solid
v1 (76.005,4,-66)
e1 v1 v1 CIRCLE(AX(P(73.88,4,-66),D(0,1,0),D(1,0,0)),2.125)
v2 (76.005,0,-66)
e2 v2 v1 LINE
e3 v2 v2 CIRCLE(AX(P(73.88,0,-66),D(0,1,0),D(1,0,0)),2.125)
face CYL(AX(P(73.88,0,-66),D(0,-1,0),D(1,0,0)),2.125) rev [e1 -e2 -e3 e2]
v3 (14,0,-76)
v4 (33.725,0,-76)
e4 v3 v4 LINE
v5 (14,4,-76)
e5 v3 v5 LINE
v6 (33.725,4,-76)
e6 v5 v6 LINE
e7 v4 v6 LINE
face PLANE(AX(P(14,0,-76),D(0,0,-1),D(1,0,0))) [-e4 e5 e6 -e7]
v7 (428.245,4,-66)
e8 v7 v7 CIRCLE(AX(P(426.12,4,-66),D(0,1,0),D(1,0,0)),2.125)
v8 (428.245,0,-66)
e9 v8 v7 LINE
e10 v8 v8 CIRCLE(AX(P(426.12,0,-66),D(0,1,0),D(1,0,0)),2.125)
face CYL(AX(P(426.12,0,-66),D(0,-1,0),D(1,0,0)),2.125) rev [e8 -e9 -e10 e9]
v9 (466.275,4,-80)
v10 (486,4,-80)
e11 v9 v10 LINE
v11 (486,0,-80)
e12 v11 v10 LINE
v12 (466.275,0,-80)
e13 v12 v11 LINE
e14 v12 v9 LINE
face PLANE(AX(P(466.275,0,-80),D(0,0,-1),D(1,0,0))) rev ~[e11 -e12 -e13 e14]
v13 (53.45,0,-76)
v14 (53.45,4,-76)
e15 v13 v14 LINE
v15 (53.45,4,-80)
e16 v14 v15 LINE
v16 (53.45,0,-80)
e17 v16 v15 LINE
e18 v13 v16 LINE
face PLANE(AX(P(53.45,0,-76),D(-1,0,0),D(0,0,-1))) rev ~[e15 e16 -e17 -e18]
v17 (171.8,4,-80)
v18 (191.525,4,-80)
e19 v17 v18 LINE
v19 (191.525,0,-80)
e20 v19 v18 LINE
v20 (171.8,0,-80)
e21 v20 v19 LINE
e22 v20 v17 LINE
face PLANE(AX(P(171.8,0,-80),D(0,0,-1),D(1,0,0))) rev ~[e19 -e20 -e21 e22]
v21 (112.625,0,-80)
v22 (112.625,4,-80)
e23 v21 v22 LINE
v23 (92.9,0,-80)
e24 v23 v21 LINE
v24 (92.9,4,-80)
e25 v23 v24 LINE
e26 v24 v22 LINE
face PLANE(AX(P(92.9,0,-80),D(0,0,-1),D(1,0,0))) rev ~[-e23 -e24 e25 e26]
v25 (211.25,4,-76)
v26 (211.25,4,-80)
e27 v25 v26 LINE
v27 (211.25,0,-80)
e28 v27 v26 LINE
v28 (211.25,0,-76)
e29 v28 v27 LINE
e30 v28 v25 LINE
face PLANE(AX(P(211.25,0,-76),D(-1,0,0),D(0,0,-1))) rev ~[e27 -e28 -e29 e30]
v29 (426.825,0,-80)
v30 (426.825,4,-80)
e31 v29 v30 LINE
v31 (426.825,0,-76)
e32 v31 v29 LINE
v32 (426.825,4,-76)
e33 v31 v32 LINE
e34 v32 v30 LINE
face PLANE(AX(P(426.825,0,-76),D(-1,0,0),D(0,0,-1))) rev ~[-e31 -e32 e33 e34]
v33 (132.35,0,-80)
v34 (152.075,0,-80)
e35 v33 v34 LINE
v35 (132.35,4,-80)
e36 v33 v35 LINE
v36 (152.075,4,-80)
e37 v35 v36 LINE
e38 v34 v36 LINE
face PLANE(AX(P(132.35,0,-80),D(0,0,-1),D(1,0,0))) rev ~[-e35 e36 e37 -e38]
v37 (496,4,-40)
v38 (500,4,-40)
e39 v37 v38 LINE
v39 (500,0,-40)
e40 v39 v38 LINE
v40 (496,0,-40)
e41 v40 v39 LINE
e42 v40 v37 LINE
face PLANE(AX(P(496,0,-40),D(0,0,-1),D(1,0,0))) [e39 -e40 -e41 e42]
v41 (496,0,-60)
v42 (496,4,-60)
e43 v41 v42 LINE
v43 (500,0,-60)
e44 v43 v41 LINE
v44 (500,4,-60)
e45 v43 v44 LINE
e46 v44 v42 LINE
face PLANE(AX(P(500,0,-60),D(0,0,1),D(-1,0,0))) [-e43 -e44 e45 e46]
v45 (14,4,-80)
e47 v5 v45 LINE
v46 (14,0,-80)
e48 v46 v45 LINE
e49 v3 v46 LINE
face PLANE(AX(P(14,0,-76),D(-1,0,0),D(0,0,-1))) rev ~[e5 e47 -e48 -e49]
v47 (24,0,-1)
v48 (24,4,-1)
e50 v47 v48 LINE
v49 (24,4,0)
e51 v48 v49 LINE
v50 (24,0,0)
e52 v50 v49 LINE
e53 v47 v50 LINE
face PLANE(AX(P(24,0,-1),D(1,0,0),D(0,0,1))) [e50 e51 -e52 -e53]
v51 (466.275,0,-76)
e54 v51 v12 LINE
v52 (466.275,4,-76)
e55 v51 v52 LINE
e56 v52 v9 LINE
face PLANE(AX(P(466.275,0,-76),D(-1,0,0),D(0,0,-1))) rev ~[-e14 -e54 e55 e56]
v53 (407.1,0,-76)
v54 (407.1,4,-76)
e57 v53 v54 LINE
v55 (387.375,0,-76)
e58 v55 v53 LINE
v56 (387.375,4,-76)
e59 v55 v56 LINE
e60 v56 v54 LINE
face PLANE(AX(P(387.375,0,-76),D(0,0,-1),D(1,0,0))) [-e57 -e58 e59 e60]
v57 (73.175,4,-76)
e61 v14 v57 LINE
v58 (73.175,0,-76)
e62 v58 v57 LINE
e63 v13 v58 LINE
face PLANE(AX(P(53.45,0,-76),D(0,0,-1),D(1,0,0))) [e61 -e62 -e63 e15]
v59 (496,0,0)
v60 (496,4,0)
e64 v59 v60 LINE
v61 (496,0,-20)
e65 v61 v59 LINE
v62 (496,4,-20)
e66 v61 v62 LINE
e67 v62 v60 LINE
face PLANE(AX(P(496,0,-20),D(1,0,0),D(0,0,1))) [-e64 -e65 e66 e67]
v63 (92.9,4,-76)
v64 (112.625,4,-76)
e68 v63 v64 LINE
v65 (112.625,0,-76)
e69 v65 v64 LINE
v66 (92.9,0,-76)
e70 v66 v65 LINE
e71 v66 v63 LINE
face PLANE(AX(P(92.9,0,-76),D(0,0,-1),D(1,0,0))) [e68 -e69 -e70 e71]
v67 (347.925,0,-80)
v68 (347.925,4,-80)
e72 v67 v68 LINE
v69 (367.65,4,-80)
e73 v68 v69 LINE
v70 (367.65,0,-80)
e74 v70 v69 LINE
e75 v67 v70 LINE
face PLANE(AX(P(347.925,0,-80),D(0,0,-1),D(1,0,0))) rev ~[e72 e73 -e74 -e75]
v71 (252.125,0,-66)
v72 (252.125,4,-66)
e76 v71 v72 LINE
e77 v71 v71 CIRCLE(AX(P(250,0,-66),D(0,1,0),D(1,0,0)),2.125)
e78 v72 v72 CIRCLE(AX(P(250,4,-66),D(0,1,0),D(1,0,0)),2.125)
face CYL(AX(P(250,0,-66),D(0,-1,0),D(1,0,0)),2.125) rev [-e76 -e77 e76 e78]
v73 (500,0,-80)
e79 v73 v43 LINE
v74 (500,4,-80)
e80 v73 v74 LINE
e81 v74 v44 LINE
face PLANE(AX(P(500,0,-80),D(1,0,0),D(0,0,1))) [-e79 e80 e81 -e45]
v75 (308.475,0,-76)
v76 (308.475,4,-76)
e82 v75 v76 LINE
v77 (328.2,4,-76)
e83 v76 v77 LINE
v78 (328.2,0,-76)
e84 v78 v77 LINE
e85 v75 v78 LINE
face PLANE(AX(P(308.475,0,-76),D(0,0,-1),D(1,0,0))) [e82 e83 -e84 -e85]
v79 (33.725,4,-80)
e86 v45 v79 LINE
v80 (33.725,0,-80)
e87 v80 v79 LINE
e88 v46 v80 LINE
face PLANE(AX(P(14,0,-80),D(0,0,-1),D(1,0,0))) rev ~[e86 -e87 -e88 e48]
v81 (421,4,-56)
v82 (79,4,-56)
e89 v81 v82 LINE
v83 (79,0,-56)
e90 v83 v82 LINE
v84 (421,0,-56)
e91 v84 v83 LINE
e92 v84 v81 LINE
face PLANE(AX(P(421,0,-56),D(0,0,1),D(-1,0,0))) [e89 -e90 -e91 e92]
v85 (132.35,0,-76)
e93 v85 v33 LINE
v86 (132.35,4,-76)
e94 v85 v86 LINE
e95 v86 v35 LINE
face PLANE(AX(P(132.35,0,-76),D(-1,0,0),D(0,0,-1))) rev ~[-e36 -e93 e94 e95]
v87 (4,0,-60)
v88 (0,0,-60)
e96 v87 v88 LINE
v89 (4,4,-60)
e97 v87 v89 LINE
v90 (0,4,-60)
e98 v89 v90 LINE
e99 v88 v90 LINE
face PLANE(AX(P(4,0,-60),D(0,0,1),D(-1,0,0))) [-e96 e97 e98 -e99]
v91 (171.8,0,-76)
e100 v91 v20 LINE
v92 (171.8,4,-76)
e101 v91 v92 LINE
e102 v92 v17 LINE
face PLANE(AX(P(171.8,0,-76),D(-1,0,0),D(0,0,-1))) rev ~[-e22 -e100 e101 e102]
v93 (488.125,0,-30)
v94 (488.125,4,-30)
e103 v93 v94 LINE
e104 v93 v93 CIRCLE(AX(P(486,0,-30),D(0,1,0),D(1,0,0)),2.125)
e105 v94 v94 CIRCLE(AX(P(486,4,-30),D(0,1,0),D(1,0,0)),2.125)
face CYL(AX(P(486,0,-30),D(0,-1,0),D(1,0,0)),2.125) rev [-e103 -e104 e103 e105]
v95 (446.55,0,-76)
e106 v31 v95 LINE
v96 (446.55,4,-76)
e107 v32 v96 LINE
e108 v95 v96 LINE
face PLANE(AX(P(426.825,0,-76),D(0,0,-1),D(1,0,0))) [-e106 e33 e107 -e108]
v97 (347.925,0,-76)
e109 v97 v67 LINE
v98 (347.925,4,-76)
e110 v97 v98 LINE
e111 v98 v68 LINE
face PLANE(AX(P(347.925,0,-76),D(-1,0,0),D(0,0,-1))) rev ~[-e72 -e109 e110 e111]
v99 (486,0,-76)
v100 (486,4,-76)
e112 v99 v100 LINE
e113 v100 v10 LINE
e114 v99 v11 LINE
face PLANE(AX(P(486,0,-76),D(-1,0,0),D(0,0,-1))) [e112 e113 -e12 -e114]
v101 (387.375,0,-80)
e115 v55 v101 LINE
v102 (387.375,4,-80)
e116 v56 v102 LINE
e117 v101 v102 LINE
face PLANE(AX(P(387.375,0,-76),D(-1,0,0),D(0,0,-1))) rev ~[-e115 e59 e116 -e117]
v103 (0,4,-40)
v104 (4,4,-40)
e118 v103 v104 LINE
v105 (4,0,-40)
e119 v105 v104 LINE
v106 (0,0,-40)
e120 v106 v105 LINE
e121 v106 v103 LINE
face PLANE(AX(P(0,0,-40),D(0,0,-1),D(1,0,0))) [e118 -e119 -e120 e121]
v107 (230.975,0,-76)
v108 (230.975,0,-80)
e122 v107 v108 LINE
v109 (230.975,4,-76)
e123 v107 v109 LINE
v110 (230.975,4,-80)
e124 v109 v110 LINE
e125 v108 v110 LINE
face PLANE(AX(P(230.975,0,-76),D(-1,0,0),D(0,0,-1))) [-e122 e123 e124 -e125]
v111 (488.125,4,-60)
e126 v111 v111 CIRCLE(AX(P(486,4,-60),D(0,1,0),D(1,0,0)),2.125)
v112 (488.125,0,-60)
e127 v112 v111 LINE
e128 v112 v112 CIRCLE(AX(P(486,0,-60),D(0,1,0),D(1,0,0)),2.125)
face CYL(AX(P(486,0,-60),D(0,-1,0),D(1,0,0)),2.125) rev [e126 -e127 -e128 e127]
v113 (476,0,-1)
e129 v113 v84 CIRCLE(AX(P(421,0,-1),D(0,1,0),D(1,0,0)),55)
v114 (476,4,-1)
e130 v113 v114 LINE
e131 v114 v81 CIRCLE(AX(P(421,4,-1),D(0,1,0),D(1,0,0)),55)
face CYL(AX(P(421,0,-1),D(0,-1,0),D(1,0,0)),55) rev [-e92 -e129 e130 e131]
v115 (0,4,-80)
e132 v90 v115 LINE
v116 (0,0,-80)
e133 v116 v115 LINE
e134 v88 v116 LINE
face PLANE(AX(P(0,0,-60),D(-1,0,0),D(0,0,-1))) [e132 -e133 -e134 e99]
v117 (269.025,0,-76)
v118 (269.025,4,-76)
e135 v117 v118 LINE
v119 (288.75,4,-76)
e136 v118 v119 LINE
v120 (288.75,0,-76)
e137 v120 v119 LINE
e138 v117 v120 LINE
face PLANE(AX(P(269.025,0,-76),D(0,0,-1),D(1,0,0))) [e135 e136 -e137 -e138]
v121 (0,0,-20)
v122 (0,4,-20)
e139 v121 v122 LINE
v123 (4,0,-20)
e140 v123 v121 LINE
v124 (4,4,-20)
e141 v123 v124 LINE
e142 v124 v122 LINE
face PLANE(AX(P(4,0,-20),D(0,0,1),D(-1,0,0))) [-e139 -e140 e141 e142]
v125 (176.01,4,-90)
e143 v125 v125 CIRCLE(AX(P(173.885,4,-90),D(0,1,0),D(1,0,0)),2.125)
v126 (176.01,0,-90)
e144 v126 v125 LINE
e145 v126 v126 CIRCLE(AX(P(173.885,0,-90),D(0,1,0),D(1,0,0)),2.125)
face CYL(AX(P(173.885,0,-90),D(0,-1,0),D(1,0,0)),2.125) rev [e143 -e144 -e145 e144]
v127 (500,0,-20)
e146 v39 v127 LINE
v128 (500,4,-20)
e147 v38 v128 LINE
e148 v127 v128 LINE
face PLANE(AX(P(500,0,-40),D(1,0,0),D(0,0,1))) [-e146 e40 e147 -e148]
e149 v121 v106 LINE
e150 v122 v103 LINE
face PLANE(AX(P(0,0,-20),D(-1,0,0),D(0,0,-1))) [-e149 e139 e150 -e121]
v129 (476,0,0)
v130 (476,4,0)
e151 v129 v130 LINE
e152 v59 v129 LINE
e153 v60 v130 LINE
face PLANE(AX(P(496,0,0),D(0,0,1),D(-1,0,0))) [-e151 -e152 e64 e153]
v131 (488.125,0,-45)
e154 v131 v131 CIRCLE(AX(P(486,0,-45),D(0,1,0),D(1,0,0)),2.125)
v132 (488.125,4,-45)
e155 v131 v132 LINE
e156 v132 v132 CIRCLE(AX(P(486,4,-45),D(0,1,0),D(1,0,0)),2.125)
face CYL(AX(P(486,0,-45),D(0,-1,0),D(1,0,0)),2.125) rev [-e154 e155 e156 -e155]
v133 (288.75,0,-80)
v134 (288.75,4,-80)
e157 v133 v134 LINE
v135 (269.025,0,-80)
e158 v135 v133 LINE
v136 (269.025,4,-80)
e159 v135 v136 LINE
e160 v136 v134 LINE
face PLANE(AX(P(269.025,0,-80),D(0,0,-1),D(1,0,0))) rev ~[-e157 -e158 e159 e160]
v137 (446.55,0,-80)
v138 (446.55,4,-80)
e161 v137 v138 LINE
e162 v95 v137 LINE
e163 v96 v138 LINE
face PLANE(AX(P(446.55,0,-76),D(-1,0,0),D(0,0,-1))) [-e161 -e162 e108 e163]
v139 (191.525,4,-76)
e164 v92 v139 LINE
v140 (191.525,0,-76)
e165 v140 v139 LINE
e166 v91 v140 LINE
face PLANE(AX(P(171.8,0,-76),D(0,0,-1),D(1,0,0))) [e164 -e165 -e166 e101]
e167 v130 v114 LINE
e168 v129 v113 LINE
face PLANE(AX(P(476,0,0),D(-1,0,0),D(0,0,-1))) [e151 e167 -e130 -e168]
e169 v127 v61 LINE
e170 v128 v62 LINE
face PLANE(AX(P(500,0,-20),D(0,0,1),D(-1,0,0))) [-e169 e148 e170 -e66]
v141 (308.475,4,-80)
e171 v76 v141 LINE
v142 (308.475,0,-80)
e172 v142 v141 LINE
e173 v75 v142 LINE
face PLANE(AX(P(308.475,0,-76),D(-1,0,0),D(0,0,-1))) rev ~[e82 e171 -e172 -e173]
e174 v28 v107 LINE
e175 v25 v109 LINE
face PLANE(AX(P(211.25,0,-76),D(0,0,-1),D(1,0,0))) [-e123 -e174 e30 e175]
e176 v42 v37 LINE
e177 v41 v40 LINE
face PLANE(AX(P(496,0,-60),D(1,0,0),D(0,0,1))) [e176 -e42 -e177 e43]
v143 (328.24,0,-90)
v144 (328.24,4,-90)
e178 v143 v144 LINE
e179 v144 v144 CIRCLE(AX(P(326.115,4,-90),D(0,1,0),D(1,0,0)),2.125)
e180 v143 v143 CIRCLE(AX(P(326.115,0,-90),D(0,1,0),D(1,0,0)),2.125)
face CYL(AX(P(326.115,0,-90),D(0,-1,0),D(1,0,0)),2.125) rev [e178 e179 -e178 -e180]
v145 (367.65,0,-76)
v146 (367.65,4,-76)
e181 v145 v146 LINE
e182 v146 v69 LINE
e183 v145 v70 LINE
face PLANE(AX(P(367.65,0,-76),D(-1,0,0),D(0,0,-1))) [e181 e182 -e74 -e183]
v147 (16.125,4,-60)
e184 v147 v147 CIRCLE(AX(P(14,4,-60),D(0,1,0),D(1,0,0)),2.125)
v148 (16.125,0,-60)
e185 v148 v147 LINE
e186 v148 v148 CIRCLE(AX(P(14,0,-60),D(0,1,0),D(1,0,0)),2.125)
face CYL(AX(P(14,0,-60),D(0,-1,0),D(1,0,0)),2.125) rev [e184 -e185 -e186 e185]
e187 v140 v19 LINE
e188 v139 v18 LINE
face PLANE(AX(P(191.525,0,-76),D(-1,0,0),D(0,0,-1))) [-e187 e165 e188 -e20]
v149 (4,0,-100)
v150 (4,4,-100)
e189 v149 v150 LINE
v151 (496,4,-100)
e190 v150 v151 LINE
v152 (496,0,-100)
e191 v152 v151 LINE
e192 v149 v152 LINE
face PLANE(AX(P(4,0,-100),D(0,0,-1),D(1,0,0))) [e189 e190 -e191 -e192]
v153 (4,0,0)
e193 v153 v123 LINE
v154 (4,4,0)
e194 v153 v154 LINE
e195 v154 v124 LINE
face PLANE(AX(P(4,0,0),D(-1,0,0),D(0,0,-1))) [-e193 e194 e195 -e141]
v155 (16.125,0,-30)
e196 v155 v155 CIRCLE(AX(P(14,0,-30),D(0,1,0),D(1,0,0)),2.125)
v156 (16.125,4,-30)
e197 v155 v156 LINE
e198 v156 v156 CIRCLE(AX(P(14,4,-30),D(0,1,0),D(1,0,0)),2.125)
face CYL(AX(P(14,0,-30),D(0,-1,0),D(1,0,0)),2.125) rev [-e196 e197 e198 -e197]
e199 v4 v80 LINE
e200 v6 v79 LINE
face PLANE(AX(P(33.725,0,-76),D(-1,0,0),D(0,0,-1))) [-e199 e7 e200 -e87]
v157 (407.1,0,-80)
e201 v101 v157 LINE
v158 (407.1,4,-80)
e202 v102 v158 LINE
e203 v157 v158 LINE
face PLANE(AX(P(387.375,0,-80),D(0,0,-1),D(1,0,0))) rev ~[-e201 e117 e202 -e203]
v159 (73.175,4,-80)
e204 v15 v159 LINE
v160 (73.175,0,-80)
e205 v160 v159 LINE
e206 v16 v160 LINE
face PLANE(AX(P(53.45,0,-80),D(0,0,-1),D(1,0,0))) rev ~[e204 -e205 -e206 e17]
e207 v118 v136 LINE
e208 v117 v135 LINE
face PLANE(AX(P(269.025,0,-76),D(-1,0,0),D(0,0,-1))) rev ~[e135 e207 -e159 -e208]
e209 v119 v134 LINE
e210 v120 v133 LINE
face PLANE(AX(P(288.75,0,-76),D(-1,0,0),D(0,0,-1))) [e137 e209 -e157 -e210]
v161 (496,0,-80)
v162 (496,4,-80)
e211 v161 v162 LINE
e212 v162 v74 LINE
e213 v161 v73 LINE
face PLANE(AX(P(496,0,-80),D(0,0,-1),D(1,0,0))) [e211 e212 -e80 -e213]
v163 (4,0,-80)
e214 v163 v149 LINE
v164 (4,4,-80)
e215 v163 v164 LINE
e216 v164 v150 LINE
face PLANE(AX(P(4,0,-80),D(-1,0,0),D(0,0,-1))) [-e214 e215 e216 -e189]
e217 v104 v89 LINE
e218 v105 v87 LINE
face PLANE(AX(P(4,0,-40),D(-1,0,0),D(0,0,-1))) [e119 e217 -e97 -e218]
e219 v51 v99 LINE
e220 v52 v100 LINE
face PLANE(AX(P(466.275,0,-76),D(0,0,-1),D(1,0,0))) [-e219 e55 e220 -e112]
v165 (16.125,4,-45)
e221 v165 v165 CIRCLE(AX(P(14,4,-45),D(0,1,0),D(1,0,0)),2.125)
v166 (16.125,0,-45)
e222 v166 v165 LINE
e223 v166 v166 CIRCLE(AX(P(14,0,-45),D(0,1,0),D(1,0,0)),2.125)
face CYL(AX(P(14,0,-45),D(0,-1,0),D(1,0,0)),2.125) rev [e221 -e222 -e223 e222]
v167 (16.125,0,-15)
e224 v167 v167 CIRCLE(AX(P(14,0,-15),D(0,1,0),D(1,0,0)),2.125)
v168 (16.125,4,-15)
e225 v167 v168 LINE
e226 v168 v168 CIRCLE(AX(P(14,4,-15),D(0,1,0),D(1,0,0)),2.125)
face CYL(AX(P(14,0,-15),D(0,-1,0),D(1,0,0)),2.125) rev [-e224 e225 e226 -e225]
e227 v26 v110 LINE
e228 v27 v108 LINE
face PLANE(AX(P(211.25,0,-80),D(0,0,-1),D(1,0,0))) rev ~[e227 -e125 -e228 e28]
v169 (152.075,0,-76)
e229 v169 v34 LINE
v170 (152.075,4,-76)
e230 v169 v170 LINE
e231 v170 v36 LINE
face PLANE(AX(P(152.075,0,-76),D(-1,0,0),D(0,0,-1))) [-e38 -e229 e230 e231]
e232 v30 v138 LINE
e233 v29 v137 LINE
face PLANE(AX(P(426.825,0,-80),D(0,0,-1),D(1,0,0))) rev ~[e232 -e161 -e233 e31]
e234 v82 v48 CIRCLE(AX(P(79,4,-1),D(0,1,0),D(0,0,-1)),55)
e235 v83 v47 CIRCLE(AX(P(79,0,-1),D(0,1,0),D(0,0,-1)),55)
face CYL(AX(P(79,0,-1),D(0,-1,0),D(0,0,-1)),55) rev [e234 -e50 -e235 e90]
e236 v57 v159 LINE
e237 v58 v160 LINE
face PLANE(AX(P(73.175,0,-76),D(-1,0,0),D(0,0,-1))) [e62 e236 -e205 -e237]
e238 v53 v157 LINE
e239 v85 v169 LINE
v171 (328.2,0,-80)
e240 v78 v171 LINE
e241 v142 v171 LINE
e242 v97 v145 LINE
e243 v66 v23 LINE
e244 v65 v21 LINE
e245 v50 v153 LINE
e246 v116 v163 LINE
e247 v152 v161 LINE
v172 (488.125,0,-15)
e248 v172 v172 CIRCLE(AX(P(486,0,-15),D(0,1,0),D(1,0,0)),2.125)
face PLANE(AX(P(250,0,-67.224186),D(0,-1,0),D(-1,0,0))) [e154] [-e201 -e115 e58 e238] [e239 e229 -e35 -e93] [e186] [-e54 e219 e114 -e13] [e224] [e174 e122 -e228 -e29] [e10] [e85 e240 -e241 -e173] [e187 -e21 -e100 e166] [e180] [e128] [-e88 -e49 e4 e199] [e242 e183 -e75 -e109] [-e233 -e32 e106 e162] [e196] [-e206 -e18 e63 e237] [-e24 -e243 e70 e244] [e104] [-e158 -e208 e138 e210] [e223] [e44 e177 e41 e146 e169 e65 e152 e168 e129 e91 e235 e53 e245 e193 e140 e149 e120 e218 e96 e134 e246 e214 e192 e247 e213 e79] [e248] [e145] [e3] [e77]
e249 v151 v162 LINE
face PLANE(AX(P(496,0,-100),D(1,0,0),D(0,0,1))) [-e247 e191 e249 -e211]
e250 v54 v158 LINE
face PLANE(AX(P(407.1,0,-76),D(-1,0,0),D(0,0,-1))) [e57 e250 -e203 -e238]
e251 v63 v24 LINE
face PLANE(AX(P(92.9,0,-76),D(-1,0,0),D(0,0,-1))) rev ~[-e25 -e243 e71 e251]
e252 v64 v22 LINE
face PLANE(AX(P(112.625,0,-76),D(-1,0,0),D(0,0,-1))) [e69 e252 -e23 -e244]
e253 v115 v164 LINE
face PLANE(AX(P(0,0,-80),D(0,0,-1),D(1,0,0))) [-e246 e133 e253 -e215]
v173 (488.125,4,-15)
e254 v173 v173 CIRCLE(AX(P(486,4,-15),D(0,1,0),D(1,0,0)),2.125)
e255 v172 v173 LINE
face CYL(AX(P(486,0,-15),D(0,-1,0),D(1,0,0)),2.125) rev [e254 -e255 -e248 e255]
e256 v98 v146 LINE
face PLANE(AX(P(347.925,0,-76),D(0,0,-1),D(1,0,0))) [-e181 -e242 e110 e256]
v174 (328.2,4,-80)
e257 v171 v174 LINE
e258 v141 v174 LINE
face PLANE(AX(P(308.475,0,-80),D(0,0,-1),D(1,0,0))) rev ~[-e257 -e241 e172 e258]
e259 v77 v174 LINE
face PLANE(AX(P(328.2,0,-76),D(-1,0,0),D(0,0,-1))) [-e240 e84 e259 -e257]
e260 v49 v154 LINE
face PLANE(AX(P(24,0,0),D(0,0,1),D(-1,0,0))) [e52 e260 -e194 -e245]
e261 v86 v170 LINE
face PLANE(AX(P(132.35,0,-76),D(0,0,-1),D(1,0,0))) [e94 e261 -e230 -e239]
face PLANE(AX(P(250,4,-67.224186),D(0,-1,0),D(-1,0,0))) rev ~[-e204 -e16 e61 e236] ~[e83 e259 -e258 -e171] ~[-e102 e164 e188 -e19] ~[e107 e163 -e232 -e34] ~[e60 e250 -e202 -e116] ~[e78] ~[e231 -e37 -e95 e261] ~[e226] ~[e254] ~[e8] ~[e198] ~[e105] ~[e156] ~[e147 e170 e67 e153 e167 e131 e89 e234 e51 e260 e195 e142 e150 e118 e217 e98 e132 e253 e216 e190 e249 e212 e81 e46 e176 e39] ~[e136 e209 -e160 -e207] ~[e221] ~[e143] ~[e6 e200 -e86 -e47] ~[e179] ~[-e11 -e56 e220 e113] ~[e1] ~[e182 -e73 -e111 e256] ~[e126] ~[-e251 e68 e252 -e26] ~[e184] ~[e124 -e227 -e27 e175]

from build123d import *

# Parameters (mm, degrees)
SKETCH1_R           = 2.125
SKETCH1_W           = 19.725
SKETCH1_H           = 4
BOSS_EXTRUDE1_DEPTH = 4


with BuildPart() as part:
    # Sketch1 → Boss-Extrude1 (new body)
    with BuildSketch(Plane(origin=(0, 0, 0), x_dir=(1, 0, 0), z_dir=(0, 1, 0))):
        with BuildLine():
            Line((4, 0), (4, 20))
            Line((4, 20), (0, 20))
            Line((0, 20), (0, 40))
            Line((0, 40), (4, 40))
            Line((4, 40), (4, 60))
            Line((4, 60), (0, 60))
            Line((0, 60), (0, 80))
            Line((0, 80), (4, 80))
            Line((4, 80), (4, 100))
            Line((4, 100), (250, 100))
            Line((250, 100), (496, 100))
            Line((496, 100), (496, 80))
            Line((496, 80), (500, 80))
            Line((500, 80), (500, 60))
            Line((500, 60), (496, 60))
            Line((496, 60), (496, 40))
            Line((496, 40), (500, 40))
            Line((500, 40), (500, 20))
            Line((500, 20), (496, 20))
            Line((496, 20), (496, 0))
            Line((496, 0), (476, 0))
            Line((476, 0), (476, 1))
            ThreePointArc((476, 1), (459.890872965, 39.890872965), (421, 56))
            Line((421, 56), (79, 56))
            ThreePointArc((79, 56), (40.109127035, 39.890872965), (24, 1))
            Line((24, 1), (24, 0))
            Line((24, 0), (4, 0))
        make_face()
        with Locations((14, 15)):
            Circle(SKETCH1_R, mode=Mode.SUBTRACT)
        with Locations((14, 30)):
            Circle(SKETCH1_R, mode=Mode.SUBTRACT)
        with Locations((173.885, 90)):
            Circle(SKETCH1_R, mode=Mode.SUBTRACT)
        with Locations((326.115, 90)):
            Circle(SKETCH1_R, mode=Mode.SUBTRACT)
        with Locations((486, 30)):
            Circle(SKETCH1_R, mode=Mode.SUBTRACT)
        with Locations((486, 15)):
            Circle(SKETCH1_R, mode=Mode.SUBTRACT)
        with Locations((14, 60)):
            Circle(SKETCH1_R, mode=Mode.SUBTRACT)
        with Locations((14, 45)):
            Circle(SKETCH1_R, mode=Mode.SUBTRACT)
        with Locations((486, 45)):
            Circle(SKETCH1_R, mode=Mode.SUBTRACT)
        with Locations((486, 60)):
            Circle(SKETCH1_R, mode=Mode.SUBTRACT)
        with Locations((73.88, 66)):
            Circle(SKETCH1_R, mode=Mode.SUBTRACT)
        with Locations((426.12, 66)):
            Circle(SKETCH1_R, mode=Mode.SUBTRACT)
        with Locations((250, 66)):
            Circle(SKETCH1_R, mode=Mode.SUBTRACT)
        with Locations((63.3125, 78)):
            Rectangle(SKETCH1_W, SKETCH1_H, mode=Mode.SUBTRACT)
        with Locations((23.8625, 78)):
            Rectangle(SKETCH1_W, SKETCH1_H, mode=Mode.SUBTRACT)
        with Locations((102.7625, 78)):
            Rectangle(SKETCH1_W, SKETCH1_H, mode=Mode.SUBTRACT)
        with Locations((142.2125, 78)):
            Rectangle(SKETCH1_W, SKETCH1_H, mode=Mode.SUBTRACT)
        with Locations((181.6625, 78)):
            Rectangle(SKETCH1_W, SKETCH1_H, mode=Mode.SUBTRACT)
        with Locations((221.1125, 78)):
            Rectangle(SKETCH1_W, SKETCH1_H, mode=Mode.SUBTRACT)
        with Locations((278.8875, 78)):
            Rectangle(SKETCH1_W, SKETCH1_H, mode=Mode.SUBTRACT)
        with Locations((318.3375, 78)):
            Rectangle(SKETCH1_W, SKETCH1_H, mode=Mode.SUBTRACT)
        with Locations((357.7875, 78)):
            Rectangle(SKETCH1_W, SKETCH1_H, mode=Mode.SUBTRACT)
        with Locations((397.2375, 78)):
            Rectangle(SKETCH1_W, SKETCH1_H, mode=Mode.SUBTRACT)
        with Locations((436.6875, 78)):
            Rectangle(SKETCH1_W, SKETCH1_H, mode=Mode.SUBTRACT)
        with Locations((476.1375, 78)):
            Rectangle(SKETCH1_W, SKETCH1_H, mode=Mode.SUBTRACT)
    extrude(amount=BOSS_EXTRUDE1_DEPTH)


solid = part.part
